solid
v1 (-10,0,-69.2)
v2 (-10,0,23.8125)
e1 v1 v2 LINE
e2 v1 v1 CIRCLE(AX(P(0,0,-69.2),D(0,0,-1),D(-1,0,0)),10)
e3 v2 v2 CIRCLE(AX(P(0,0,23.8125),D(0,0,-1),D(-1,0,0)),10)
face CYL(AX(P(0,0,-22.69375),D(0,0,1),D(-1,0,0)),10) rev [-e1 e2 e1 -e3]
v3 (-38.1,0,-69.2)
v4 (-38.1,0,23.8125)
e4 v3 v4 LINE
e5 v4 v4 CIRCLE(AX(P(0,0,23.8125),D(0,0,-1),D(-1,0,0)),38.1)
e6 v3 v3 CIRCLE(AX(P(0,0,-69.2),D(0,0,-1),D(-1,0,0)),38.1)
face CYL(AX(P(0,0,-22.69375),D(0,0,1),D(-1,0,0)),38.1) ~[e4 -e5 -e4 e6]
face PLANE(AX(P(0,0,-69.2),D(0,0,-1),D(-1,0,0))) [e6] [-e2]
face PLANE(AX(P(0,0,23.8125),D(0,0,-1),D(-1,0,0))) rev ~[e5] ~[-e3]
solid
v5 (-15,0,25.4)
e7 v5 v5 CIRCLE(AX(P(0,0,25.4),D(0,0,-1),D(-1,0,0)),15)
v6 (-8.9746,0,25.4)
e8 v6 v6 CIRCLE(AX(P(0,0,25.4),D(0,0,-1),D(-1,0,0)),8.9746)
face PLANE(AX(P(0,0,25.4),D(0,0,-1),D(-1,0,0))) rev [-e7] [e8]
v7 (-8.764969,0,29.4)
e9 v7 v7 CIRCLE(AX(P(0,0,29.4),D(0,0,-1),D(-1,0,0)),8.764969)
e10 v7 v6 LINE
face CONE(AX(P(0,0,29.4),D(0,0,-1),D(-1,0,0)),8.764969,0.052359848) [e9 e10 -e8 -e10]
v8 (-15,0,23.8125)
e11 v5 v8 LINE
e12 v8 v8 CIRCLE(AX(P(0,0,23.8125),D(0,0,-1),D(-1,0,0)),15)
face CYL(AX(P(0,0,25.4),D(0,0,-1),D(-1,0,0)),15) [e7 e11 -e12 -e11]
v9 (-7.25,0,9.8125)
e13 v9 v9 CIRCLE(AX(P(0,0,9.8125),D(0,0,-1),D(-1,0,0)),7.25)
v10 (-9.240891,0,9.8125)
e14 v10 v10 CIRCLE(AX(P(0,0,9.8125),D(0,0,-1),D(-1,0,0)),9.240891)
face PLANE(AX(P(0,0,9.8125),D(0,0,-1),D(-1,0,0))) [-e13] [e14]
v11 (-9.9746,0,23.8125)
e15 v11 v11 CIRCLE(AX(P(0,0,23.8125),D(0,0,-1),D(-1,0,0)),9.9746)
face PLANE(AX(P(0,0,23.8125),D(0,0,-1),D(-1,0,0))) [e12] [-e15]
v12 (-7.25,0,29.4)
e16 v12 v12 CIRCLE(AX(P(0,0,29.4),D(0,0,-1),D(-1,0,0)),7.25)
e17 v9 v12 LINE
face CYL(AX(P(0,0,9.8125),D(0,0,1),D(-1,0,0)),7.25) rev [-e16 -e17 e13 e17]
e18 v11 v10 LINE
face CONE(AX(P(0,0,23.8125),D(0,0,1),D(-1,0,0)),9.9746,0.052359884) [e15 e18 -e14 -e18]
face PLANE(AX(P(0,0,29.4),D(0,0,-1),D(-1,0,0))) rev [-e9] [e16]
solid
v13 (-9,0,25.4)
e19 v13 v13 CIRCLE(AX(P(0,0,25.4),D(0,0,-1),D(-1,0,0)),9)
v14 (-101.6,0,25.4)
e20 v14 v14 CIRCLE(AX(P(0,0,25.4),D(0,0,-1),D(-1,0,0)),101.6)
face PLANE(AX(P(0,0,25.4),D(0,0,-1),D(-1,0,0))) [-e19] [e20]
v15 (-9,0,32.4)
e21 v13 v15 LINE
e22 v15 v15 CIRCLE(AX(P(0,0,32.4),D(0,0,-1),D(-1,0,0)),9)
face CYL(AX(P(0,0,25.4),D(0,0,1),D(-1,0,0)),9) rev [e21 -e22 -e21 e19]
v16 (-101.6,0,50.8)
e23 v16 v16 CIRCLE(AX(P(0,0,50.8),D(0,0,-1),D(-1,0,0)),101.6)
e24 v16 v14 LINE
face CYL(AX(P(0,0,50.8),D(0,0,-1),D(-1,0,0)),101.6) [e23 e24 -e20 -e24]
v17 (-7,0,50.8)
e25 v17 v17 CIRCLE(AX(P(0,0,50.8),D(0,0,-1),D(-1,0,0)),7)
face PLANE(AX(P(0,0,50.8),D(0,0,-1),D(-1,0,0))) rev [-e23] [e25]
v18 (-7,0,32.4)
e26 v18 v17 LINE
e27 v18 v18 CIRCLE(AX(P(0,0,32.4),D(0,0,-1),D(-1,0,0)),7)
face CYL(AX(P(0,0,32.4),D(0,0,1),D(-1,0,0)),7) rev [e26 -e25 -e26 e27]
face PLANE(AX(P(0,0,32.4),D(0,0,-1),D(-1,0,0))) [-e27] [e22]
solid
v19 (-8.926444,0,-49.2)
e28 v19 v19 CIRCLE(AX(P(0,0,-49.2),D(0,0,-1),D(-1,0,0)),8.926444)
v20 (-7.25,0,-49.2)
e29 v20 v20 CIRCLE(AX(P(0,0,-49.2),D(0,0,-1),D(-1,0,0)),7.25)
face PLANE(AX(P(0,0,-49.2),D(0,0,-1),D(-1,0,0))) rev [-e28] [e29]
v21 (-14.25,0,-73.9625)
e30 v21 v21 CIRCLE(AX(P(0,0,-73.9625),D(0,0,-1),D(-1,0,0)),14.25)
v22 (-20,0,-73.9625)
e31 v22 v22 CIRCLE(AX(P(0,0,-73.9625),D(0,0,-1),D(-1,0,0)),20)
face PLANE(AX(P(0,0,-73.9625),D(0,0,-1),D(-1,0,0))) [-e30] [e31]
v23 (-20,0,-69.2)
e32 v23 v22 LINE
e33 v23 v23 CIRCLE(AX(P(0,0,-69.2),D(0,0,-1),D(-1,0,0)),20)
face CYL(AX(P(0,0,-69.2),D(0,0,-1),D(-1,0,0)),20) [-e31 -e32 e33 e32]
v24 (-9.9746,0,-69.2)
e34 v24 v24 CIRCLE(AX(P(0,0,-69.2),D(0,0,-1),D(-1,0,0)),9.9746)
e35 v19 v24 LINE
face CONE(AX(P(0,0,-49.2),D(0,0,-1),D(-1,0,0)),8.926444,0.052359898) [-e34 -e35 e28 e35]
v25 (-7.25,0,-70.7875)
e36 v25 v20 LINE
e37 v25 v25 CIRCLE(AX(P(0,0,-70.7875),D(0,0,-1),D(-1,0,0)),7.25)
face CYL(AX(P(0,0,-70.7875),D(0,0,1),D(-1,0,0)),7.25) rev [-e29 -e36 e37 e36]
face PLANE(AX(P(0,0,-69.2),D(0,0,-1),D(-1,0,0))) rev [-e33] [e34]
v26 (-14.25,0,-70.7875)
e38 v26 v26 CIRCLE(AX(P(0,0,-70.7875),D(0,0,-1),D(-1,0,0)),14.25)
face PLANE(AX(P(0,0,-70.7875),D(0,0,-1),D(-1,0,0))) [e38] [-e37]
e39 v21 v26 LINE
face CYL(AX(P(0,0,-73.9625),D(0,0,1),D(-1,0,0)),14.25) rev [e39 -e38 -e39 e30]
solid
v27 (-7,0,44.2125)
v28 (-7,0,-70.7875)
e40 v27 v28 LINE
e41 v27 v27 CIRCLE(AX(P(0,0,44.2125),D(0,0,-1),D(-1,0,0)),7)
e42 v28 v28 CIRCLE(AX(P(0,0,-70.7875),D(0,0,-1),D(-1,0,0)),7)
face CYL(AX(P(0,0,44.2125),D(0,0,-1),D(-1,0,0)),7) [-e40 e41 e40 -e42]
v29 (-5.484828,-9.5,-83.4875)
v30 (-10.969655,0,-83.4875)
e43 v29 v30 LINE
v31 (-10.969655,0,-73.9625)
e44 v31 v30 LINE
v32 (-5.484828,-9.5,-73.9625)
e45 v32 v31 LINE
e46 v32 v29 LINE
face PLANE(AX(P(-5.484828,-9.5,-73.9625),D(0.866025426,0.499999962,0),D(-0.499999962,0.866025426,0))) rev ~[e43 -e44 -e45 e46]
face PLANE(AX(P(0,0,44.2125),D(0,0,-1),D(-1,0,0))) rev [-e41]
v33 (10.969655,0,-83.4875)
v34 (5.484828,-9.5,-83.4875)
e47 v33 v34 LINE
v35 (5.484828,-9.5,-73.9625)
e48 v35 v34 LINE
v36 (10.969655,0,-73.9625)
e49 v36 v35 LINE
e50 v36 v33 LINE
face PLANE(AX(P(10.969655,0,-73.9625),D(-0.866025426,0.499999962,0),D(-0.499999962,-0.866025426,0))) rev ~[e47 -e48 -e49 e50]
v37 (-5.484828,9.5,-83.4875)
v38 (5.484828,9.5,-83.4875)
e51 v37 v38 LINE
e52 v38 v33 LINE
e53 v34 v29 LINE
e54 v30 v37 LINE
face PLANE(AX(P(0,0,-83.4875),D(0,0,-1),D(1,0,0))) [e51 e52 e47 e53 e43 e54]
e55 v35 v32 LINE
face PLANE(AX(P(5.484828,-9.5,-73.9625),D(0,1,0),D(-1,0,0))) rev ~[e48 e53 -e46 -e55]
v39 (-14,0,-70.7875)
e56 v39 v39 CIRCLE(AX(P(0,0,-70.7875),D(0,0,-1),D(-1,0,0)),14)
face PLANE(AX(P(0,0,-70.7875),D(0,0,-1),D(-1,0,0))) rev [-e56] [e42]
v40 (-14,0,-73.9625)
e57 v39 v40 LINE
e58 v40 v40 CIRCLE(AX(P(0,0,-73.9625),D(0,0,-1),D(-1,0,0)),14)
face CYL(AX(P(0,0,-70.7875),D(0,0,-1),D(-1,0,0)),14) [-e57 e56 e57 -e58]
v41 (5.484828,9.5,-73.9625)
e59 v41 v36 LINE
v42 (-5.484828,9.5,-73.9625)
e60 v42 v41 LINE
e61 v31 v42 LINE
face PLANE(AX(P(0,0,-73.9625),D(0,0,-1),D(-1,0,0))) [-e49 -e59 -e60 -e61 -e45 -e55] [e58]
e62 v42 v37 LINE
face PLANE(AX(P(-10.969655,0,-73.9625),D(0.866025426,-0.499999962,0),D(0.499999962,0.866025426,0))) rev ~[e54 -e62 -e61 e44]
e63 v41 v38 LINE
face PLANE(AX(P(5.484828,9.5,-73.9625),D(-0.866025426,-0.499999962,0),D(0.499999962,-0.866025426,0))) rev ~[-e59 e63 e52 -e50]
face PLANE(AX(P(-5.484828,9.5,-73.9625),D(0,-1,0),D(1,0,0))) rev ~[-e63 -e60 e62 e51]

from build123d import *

# Parameters (mm, degrees)
F2_W     = 28.1
F2_H     = 93.0125
F7_DEPTH = 9.525


with BuildPart() as f1:
    # F0 (on Front) → F1 (revolve)
    with BuildSketch(Plane.XZ):
        Polygon((-7, 50.8), (-101.6, 50.8), (-101.6, 25.4), (-9, 25.4), (-9, 32.4), (-7, 32.4), align=None)
    revolve(axis=Axis((0, 0, 0), (0, 0, -1)))


with BuildPart() as f3:
    # F2 (on Front) → F3 (revolve)
    with BuildSketch(Plane.XZ):
        with Locations((-24.05, -22.69375)):
            Rectangle(F2_W, F2_H)
    revolve(axis=Axis((0, 0, 0), (0, 0, -1)))


with BuildPart() as f5:
    # F4 (on Front) → F5 (revolve)
    with BuildSketch(Plane.XZ):
        Polygon((0, -73.9625), (0, 44.2125), (-7, 44.2125), (-7, -70.7875), (-14, -70.7875), (-14, -73.9625), align=None)
    revolve(axis=Axis((0, 0, -14.875), (0, 0, -1)))

    # F6 (on face) → F7 (join)
    with BuildSketch(Plane(origin=(0, 0, -73.9625), x_dir=(1, 0, 0), z_dir=(0, 0, -1))):
        Polygon((5.484828, 9.5), (-5.484828, 9.5), (-10.969655, 0), (-5.484828, -9.5), (5.484828, -9.5), (10.969655, 0), align=None)
    extrude(amount=F7_DEPTH)


with BuildPart() as f9:
    # F8 (on Front) → F9 (revolve)
    with BuildSketch(Plane.XZ):
        Polygon((-7.25, 9.8125), (-7.25, 29.4), (-8.764969, 29.4), (-8.9746, 25.4), (-15, 25.4), (-15, 23.8125), (-10, 23.8125), (-9.9746, 23.8125), (-9.240891, 9.8125), align=None)
    revolve(axis=Axis((0, 0, 0), (0, 0, -1)))


with BuildPart() as f11:
    # F10 (on Front) → F11 (revolve)
    with BuildSketch(Plane.XZ):
        Polygon((-8.926444, -49.2), (-9.9746, -69.2), (-20, -69.2), (-20, -73.9625), (-14.25, -73.9625), (-14.25, -70.7875), (-7.25, -70.7875), (-7.25, -49.2), align=None)
    revolve(axis=Axis((0, 0, -14.875), (0, 0, -1)))


solid = Compound([f1.part, f3.part, f5.part, f9.part, f11.part])
